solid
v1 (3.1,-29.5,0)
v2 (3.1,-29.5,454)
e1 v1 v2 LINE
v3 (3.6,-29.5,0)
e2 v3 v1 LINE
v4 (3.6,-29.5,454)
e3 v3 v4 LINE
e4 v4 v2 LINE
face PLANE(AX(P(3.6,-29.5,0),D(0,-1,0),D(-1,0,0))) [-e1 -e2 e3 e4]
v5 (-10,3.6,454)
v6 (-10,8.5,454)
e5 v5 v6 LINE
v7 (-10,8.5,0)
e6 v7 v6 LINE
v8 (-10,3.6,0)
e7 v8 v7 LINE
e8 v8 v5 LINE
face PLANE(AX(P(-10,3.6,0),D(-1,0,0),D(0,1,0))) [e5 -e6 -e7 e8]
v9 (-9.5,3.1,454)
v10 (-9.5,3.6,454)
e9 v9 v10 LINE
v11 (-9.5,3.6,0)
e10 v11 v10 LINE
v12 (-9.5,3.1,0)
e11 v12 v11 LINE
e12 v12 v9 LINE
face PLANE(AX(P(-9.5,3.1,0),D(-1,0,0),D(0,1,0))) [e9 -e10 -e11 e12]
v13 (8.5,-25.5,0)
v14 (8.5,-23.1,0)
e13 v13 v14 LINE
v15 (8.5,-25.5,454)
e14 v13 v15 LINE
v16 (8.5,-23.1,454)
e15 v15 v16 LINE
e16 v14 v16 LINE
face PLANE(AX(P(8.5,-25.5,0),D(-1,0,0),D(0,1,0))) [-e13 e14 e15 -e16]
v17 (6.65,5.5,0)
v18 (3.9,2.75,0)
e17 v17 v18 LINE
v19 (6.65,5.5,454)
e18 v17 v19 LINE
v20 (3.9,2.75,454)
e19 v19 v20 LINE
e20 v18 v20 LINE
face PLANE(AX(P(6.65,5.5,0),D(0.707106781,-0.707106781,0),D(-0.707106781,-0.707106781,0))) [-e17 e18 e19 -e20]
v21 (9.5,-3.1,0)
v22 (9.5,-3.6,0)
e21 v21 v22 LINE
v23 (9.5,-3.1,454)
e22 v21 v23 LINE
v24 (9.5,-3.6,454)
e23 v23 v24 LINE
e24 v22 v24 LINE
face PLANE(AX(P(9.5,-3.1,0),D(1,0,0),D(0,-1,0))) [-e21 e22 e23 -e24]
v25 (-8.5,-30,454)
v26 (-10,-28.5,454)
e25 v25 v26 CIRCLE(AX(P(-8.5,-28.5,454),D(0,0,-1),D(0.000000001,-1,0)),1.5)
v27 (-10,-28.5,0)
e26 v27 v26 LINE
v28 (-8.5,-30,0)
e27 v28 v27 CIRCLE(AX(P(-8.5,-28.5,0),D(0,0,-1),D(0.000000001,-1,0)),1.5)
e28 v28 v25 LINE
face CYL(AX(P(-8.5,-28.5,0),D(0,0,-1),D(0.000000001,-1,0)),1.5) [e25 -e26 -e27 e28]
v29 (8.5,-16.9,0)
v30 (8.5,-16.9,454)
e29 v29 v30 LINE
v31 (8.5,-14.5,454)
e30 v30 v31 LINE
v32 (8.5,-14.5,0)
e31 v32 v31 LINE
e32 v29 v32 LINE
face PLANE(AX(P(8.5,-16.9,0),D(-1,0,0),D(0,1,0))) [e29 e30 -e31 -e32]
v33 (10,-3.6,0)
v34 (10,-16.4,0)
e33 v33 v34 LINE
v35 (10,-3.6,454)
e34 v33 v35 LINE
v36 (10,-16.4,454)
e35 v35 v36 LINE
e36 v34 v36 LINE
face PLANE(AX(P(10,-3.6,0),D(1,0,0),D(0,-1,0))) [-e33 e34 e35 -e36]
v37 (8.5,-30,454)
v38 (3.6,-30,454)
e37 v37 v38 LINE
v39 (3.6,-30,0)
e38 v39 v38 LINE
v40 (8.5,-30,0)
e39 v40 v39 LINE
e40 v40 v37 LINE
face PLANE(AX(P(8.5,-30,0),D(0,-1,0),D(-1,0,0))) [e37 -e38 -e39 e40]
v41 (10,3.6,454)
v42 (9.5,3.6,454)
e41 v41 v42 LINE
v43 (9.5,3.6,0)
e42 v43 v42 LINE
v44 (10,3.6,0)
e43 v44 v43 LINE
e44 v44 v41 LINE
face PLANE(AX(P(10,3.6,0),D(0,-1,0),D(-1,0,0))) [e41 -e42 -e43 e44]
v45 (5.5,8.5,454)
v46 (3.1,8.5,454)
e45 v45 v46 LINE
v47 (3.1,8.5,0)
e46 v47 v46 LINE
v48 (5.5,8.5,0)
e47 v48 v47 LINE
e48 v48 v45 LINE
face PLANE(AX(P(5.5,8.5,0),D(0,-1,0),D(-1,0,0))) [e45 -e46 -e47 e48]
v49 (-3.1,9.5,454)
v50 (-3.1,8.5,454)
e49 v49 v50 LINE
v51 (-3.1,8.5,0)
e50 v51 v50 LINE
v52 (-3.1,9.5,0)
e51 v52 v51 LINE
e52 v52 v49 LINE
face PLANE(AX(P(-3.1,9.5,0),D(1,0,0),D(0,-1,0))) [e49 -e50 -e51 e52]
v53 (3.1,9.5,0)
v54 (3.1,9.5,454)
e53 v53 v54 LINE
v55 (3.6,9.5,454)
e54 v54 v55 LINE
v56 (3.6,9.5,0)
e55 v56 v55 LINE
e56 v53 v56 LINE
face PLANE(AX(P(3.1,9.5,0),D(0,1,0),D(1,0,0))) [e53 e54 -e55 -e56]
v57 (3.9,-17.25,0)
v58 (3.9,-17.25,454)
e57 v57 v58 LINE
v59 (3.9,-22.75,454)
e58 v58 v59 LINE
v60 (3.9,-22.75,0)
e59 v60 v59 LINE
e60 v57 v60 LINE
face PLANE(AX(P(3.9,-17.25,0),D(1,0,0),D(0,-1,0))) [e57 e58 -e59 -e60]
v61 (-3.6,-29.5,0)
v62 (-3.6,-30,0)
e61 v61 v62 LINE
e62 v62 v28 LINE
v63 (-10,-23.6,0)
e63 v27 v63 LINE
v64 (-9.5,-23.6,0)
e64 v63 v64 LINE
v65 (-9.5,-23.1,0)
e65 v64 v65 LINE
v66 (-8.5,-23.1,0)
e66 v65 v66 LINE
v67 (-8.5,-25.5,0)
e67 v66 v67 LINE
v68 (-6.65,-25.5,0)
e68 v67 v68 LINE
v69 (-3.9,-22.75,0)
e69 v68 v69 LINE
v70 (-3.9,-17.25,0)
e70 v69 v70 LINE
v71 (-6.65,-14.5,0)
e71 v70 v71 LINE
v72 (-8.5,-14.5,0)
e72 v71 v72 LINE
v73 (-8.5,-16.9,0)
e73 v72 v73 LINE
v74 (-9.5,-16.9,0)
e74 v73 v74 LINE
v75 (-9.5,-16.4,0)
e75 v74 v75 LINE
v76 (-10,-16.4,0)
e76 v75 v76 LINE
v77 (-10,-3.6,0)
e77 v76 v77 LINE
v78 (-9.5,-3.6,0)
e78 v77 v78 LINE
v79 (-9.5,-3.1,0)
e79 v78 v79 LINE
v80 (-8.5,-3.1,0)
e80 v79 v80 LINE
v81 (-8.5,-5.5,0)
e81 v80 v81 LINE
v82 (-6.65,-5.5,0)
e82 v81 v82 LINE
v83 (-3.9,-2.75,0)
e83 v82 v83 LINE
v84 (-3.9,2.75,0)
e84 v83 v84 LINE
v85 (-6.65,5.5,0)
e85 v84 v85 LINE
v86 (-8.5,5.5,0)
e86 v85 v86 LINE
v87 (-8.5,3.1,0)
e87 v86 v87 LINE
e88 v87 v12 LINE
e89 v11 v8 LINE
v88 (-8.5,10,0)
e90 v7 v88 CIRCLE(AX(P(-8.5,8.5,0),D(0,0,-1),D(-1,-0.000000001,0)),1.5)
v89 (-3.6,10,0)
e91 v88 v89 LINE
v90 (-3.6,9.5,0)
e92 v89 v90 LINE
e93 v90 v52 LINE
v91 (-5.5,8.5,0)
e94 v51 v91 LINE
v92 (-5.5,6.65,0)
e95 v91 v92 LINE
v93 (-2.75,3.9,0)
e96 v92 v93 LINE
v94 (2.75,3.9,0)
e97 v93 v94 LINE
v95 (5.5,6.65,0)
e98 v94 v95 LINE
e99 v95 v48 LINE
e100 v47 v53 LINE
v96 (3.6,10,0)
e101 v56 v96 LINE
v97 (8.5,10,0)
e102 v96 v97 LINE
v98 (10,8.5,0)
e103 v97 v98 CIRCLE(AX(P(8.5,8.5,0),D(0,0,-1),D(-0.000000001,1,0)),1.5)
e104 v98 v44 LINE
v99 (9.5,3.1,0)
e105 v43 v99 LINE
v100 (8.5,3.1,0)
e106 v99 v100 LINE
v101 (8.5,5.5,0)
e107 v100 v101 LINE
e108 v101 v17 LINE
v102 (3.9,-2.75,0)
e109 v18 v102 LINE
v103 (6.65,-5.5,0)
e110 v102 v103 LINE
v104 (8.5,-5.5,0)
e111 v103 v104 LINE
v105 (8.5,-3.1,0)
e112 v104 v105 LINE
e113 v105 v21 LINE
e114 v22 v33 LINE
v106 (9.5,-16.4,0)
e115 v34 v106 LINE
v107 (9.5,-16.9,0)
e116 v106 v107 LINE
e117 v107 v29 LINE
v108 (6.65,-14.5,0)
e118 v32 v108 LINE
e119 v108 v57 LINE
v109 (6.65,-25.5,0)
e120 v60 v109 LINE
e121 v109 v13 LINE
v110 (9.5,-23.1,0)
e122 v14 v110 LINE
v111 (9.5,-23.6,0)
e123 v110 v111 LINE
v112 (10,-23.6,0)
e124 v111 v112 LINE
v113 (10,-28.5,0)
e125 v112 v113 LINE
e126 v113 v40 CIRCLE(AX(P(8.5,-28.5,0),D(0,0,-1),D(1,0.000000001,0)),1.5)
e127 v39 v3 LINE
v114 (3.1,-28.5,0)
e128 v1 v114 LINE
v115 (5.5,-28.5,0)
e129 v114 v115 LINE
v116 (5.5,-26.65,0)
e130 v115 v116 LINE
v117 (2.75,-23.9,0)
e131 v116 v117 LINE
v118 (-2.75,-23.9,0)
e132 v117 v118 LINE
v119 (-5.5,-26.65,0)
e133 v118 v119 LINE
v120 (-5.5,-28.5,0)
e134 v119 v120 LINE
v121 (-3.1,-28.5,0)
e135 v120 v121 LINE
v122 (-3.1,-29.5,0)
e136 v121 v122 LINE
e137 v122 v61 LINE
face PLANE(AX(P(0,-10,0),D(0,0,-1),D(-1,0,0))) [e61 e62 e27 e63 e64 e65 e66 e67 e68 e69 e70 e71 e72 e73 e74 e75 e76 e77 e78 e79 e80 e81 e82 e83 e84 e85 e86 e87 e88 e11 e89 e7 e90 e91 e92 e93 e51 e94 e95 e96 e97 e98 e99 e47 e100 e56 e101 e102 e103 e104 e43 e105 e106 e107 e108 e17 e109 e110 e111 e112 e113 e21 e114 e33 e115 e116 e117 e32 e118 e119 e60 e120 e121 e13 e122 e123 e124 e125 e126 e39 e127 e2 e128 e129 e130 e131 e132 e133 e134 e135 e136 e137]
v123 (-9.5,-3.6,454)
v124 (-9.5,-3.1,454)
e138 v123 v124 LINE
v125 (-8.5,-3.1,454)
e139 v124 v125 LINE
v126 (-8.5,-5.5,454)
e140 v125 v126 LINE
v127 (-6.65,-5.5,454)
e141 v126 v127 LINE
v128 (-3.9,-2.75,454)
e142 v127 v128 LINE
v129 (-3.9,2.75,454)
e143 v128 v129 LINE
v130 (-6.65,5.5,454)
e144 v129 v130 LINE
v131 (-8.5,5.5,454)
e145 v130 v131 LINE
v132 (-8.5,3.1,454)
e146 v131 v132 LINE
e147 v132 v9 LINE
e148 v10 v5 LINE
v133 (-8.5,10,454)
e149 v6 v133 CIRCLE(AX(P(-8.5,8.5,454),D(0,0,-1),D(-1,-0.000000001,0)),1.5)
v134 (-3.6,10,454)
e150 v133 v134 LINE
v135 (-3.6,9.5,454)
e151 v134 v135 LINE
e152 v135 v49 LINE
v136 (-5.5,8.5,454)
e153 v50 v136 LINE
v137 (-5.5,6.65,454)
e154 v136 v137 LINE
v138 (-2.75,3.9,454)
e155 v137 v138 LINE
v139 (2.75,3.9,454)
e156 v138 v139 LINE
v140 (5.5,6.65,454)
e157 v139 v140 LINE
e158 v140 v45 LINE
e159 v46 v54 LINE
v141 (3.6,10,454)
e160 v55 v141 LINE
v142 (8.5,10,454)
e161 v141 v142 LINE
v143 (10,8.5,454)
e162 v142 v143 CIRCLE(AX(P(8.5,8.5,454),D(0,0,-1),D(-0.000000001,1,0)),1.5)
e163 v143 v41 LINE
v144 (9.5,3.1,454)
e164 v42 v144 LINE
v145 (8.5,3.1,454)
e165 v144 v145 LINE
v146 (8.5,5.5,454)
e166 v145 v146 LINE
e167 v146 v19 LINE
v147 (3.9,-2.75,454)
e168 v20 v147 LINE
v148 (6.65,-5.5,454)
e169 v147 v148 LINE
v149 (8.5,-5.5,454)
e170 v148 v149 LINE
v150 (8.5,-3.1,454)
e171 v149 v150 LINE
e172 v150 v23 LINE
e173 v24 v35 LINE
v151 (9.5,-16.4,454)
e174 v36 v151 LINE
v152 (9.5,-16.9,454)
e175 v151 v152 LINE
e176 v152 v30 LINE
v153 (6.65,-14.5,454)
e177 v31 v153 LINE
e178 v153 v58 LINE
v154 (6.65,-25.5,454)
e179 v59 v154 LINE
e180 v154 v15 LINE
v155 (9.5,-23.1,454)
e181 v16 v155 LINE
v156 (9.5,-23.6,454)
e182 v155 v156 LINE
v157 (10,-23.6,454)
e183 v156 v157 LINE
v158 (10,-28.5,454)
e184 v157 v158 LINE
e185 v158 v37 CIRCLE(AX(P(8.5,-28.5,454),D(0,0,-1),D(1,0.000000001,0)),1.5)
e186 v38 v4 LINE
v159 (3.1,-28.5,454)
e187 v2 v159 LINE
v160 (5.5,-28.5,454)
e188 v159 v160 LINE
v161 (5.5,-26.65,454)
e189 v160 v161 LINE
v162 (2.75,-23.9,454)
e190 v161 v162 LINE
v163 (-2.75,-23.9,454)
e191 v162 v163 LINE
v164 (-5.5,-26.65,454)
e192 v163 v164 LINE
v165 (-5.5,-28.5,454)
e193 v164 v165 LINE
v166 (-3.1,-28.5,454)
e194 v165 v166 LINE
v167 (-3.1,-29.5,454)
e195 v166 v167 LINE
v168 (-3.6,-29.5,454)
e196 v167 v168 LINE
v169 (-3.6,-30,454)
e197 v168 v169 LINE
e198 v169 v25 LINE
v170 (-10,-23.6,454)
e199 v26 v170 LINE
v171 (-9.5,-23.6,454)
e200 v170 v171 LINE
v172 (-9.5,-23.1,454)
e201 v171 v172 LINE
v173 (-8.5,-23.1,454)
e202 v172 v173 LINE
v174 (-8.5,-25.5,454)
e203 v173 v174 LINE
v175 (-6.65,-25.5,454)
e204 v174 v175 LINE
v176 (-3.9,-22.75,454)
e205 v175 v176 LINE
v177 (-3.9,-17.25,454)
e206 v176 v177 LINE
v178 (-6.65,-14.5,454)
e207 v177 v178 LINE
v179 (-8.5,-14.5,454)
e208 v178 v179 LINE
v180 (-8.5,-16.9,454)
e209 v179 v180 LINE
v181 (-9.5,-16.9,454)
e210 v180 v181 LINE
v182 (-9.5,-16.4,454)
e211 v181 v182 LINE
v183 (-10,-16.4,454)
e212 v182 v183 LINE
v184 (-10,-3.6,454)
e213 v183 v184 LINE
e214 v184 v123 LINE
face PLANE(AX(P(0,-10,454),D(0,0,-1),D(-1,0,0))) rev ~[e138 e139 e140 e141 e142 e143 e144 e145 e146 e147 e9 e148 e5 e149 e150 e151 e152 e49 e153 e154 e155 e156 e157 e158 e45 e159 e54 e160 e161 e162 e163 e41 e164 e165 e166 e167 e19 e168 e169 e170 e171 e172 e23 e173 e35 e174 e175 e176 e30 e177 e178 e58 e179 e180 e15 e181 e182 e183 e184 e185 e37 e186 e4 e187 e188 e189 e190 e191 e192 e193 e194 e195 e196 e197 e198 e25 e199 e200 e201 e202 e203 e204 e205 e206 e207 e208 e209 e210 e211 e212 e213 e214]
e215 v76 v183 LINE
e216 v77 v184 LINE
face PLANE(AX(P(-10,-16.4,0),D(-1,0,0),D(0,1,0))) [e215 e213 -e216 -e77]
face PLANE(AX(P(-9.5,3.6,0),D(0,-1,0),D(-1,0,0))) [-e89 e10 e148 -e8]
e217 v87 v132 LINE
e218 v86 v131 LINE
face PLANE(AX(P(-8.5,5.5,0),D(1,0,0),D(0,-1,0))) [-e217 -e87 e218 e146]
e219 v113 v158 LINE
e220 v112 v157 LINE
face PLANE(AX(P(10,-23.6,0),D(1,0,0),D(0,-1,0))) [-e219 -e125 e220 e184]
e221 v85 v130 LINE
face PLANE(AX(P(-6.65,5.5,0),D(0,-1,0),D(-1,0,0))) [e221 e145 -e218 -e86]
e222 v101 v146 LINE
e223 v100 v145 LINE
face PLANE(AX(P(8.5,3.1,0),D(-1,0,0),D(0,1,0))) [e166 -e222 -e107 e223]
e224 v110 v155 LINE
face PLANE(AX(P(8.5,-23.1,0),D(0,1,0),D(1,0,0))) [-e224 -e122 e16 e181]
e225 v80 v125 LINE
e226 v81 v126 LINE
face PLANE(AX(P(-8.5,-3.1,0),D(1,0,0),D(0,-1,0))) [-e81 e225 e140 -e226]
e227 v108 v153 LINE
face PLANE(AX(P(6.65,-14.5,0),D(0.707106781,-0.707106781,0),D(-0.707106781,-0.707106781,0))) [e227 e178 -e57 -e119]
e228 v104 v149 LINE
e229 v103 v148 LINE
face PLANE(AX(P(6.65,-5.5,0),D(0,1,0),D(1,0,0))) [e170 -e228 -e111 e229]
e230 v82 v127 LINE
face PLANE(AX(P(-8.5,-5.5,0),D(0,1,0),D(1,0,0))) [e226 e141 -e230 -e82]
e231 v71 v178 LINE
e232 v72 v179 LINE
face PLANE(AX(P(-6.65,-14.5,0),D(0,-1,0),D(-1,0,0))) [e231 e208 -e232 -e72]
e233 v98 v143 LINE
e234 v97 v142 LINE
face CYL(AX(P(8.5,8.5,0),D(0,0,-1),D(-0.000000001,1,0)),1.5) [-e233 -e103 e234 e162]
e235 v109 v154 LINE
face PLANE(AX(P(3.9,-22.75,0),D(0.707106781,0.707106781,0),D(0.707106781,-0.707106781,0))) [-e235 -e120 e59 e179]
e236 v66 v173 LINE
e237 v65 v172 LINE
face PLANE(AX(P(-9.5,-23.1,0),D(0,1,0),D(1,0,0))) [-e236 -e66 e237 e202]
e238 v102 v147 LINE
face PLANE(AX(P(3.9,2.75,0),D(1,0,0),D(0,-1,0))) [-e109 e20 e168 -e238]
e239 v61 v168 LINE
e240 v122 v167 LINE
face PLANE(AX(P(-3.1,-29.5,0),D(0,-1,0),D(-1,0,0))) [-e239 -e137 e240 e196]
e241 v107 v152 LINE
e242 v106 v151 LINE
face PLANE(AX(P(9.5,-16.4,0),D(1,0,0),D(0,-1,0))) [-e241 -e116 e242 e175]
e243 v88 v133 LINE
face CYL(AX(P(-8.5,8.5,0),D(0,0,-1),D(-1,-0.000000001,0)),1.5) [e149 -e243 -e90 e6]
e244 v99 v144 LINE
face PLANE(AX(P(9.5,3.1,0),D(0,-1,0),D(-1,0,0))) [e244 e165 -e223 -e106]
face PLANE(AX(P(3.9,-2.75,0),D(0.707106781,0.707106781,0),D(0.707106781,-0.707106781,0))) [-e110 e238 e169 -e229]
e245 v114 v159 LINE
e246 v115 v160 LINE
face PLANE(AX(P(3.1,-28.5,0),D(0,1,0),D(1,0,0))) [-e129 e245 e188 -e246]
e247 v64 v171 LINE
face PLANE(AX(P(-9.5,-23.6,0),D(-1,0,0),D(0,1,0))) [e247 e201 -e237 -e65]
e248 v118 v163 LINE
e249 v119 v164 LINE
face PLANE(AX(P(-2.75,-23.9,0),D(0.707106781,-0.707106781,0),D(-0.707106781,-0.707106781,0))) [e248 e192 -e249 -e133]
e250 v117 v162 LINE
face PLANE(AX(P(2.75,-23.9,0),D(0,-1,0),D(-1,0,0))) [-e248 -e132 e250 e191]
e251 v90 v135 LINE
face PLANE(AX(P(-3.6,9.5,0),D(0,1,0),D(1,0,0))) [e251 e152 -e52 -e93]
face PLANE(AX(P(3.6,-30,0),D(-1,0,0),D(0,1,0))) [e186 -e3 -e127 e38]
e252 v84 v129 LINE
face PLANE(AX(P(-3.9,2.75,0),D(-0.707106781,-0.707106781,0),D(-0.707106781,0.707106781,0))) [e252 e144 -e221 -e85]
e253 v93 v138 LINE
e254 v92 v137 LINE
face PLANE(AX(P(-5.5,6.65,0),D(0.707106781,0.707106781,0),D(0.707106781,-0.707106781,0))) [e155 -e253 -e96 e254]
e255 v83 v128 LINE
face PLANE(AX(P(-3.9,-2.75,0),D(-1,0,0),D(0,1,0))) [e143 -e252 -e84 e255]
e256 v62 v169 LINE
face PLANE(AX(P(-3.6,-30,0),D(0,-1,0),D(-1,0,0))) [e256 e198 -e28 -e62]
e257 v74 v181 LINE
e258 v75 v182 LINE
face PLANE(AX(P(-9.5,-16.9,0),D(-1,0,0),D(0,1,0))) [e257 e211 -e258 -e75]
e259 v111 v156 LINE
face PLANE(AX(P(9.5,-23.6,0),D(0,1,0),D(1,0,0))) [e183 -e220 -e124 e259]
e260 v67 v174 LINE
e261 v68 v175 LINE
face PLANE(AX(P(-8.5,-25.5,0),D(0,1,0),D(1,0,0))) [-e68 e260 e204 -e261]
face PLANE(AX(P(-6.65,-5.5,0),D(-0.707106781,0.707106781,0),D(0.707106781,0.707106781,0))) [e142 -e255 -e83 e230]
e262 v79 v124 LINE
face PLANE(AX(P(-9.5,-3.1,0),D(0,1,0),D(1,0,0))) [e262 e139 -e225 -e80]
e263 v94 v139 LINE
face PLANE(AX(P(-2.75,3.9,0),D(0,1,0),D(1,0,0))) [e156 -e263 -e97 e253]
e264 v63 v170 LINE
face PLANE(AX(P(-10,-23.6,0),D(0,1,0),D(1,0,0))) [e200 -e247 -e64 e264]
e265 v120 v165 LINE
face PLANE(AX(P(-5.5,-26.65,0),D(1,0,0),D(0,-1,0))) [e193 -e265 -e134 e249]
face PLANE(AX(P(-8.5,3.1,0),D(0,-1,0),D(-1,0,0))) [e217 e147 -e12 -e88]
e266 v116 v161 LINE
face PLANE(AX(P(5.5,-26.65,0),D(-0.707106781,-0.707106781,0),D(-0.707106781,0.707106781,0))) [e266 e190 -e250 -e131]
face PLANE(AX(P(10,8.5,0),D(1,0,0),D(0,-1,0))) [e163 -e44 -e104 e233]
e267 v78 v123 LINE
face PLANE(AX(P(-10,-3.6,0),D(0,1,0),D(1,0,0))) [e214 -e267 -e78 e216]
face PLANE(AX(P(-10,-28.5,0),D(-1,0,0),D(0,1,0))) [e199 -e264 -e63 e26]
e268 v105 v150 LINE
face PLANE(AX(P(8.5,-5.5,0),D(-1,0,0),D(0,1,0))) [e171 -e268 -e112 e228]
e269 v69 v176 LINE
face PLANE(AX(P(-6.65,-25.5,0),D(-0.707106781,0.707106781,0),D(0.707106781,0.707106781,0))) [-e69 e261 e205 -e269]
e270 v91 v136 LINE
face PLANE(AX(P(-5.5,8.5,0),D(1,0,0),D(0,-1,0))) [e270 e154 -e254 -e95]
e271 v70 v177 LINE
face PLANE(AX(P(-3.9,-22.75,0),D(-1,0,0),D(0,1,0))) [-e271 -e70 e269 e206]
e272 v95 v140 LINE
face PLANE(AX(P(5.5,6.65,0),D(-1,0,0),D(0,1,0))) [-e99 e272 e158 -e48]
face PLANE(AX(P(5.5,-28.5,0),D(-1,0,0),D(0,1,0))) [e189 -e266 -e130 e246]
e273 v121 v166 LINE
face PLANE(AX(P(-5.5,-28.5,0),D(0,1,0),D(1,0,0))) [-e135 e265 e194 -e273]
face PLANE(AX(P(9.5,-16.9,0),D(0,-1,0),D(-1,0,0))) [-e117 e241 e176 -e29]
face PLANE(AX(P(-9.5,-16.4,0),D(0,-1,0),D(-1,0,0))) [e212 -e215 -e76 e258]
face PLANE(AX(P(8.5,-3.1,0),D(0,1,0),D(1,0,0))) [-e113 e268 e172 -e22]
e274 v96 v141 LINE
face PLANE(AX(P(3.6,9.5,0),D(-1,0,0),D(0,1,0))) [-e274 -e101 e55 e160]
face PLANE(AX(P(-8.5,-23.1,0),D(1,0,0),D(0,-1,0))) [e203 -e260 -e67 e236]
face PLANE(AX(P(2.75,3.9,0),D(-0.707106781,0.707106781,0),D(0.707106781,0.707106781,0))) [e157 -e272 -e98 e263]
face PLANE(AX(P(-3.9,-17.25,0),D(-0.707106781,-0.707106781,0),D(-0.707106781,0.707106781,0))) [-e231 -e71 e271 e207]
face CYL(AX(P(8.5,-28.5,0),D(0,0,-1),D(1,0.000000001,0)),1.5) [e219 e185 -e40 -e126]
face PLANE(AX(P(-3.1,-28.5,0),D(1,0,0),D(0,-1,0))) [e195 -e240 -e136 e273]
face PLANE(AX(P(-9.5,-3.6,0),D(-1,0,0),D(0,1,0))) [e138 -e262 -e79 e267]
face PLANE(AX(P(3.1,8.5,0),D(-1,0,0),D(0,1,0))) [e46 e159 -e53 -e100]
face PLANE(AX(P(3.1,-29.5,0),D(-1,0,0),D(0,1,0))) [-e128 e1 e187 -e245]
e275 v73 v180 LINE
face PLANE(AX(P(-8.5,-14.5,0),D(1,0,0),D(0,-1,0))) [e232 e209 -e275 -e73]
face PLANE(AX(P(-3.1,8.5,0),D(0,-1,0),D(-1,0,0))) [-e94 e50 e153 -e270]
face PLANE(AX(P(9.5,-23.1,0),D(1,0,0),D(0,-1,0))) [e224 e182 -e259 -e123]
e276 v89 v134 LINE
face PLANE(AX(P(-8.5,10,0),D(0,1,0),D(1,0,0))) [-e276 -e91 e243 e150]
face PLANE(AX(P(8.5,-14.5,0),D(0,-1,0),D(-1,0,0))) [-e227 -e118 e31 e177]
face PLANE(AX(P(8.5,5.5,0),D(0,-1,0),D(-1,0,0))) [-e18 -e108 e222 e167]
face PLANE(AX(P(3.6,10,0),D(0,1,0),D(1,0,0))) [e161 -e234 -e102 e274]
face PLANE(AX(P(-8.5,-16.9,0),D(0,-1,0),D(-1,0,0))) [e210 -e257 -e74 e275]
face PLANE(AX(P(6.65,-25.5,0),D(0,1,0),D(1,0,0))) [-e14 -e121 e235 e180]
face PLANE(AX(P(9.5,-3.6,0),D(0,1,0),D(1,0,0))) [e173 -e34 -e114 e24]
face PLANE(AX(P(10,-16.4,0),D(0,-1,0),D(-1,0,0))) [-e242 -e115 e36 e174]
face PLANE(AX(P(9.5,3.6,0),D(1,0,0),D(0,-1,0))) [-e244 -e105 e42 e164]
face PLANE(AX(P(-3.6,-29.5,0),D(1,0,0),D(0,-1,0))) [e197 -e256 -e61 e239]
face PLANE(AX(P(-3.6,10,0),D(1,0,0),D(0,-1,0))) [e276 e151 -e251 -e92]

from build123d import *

# Parameters (mm, degrees)
EXTRUDE_1_DEPTH = 454


with BuildPart() as part:
    # Sketch1 → 凸台-拉伸1 (new body)
    with BuildSketch(Plane.XY):
        with BuildLine():
            Line((-3.6, 10), (-3.6, 9.5))
            Line((-3.6, 9.5), (-3.1, 9.5))
            Line((-3.1, 9.5), (-3.1, 8.5))
            Line((-3.1, 8.5), (-5.5, 8.5))
            Line((-5.5, 8.5), (-5.5, 6.65))
            Line((-5.5, 6.65), (-2.75, 3.9))
            Line((-2.75, 3.9), (2.75, 3.9))
            Line((2.75, 3.9), (5.5, 6.65))
            Line((5.5, 6.65), (5.5, 8.5))
            Line((5.5, 8.5), (3.1, 8.5))
            Line((3.1, 8.5), (3.1, 9.5))
            Line((3.1, 9.5), (3.6, 9.5))
            Line((3.6, 9.5), (3.6, 10))
            Line((3.6, 10), (8.5, 10))
            ThreePointArc((8.5, 10), (9.560660172, 9.560660172), (10, 8.5))
            Line((10, 8.5), (10, 3.6))
            Line((10, 3.6), (9.5, 3.6))
            Line((9.5, 3.6), (9.5, 3.1))
            Line((9.5, 3.1), (8.5, 3.1))
            Line((8.5, 3.1), (8.5, 5.5))
            Line((8.5, 5.5), (6.65, 5.5))
            Line((6.65, 5.5), (3.9, 2.75))
            Line((3.9, 2.75), (3.9, -2.75))
            Line((3.9, -2.75), (6.65, -5.5))
            Line((6.65, -5.5), (8.5, -5.5))
            Line((8.5, -5.5), (8.5, -3.1))
            Line((8.5, -3.1), (9.5, -3.1))
            Line((9.5, -3.1), (9.5, -3.6))
            Line((9.5, -3.6), (10, -3.6))
            Line((10, -3.6), (10, -16.4))
            Line((10, -16.4), (9.5, -16.4))
            Line((9.5, -16.4), (9.5, -16.9))
            Line((9.5, -16.9), (8.5, -16.9))
            Line((8.5, -16.9), (8.5, -14.5))
            Line((8.5, -14.5), (6.65, -14.5))
            Line((6.65, -14.5), (3.9, -17.25))
            Line((3.9, -17.25), (3.9, -22.75))
            Line((3.9, -22.75), (6.65, -25.5))
            Line((6.65, -25.5), (8.5, -25.5))
            Line((8.5, -25.5), (8.5, -23.1))
            Line((8.5, -23.1), (9.5, -23.1))
            Line((9.5, -23.1), (9.5, -23.6))
            Line((9.5, -23.6), (10, -23.6))
            Line((10, -23.6), (10, -28.5))
            ThreePointArc((10, -28.5), (9.560660172, -29.560660172), (8.5, -30))
            Line((8.5, -30), (3.6, -30))
            Line((3.6, -30), (3.6, -29.5))
            Line((3.6, -29.5), (3.1, -29.5))
            Line((3.1, -29.5), (3.1, -28.5))
            Line((3.1, -28.5), (5.5, -28.5))
            Line((5.5, -28.5), (5.5, -26.65))
            Line((5.5, -26.65), (2.75, -23.9))
            Line((2.75, -23.9), (-2.75, -23.9))
            Line((-2.75, -23.9), (-5.5, -26.65))
            Line((-5.5, -26.65), (-5.5, -28.5))
            Line((-5.5, -28.5), (-3.1, -28.5))
            Line((-3.1, -28.5), (-3.1, -29.5))
            Line((-3.1, -29.5), (-3.6, -29.5))
            Line((-3.6, -29.5), (-3.6, -30))
            Line((-3.6, -30), (-8.5, -30))
            ThreePointArc((-8.5, -30), (-9.560660172, -29.560660172), (-10, -28.5))
            Line((-10, -28.5), (-10, -23.6))
            Line((-10, -23.6), (-9.5, -23.6))
            Line((-9.5, -23.6), (-9.5, -23.1))
            Line((-9.5, -23.1), (-8.5, -23.1))
            Line((-8.5, -23.1), (-8.5, -25.5))
            Line((-8.5, -25.5), (-6.65, -25.5))
            Line((-6.65, -25.5), (-3.9, -22.75))
            Line((-3.9, -22.75), (-3.9, -17.25))
            Line((-3.9, -17.25), (-6.65, -14.5))
            Line((-6.65, -14.5), (-8.5, -14.5))
            Line((-8.5, -14.5), (-8.5, -16.9))
            Line((-8.5, -16.9), (-9.5, -16.9))
            Line((-9.5, -16.9), (-9.5, -16.4))
            Line((-9.5, -16.4), (-10, -16.4))
            Line((-10, -16.4), (-10, -3.6))
            Line((-10, -3.6), (-9.5, -3.6))
            Line((-9.5, -3.6), (-9.5, -3.1))
            Line((-9.5, -3.1), (-8.5, -3.1))
            Line((-8.5, -3.1), (-8.5, -5.5))
            Line((-8.5, -5.5), (-6.65, -5.5))
            Line((-6.65, -5.5), (-3.9, -2.75))
            Line((-3.9, -2.75), (-3.9, 2.75))
            Line((-3.9, 2.75), (-6.65, 5.5))
            Line((-6.65, 5.5), (-8.5, 5.5))
            Line((-8.5, 5.5), (-8.5, 3.1))
            Line((-8.5, 3.1), (-9.5, 3.1))
            Line((-9.5, 3.1), (-9.5, 3.6))
            Line((-9.5, 3.6), (-10, 3.6))
            Line((-10, 3.6), (-10, 8.5))
            ThreePointArc((-10, 8.5), (-9.560660172, 9.560660172), (-8.5, 10))
            Line((-8.5, 10), (-3.6, 10))
        make_face()
    extrude(amount=EXTRUDE_1_DEPTH)


solid = part.part
